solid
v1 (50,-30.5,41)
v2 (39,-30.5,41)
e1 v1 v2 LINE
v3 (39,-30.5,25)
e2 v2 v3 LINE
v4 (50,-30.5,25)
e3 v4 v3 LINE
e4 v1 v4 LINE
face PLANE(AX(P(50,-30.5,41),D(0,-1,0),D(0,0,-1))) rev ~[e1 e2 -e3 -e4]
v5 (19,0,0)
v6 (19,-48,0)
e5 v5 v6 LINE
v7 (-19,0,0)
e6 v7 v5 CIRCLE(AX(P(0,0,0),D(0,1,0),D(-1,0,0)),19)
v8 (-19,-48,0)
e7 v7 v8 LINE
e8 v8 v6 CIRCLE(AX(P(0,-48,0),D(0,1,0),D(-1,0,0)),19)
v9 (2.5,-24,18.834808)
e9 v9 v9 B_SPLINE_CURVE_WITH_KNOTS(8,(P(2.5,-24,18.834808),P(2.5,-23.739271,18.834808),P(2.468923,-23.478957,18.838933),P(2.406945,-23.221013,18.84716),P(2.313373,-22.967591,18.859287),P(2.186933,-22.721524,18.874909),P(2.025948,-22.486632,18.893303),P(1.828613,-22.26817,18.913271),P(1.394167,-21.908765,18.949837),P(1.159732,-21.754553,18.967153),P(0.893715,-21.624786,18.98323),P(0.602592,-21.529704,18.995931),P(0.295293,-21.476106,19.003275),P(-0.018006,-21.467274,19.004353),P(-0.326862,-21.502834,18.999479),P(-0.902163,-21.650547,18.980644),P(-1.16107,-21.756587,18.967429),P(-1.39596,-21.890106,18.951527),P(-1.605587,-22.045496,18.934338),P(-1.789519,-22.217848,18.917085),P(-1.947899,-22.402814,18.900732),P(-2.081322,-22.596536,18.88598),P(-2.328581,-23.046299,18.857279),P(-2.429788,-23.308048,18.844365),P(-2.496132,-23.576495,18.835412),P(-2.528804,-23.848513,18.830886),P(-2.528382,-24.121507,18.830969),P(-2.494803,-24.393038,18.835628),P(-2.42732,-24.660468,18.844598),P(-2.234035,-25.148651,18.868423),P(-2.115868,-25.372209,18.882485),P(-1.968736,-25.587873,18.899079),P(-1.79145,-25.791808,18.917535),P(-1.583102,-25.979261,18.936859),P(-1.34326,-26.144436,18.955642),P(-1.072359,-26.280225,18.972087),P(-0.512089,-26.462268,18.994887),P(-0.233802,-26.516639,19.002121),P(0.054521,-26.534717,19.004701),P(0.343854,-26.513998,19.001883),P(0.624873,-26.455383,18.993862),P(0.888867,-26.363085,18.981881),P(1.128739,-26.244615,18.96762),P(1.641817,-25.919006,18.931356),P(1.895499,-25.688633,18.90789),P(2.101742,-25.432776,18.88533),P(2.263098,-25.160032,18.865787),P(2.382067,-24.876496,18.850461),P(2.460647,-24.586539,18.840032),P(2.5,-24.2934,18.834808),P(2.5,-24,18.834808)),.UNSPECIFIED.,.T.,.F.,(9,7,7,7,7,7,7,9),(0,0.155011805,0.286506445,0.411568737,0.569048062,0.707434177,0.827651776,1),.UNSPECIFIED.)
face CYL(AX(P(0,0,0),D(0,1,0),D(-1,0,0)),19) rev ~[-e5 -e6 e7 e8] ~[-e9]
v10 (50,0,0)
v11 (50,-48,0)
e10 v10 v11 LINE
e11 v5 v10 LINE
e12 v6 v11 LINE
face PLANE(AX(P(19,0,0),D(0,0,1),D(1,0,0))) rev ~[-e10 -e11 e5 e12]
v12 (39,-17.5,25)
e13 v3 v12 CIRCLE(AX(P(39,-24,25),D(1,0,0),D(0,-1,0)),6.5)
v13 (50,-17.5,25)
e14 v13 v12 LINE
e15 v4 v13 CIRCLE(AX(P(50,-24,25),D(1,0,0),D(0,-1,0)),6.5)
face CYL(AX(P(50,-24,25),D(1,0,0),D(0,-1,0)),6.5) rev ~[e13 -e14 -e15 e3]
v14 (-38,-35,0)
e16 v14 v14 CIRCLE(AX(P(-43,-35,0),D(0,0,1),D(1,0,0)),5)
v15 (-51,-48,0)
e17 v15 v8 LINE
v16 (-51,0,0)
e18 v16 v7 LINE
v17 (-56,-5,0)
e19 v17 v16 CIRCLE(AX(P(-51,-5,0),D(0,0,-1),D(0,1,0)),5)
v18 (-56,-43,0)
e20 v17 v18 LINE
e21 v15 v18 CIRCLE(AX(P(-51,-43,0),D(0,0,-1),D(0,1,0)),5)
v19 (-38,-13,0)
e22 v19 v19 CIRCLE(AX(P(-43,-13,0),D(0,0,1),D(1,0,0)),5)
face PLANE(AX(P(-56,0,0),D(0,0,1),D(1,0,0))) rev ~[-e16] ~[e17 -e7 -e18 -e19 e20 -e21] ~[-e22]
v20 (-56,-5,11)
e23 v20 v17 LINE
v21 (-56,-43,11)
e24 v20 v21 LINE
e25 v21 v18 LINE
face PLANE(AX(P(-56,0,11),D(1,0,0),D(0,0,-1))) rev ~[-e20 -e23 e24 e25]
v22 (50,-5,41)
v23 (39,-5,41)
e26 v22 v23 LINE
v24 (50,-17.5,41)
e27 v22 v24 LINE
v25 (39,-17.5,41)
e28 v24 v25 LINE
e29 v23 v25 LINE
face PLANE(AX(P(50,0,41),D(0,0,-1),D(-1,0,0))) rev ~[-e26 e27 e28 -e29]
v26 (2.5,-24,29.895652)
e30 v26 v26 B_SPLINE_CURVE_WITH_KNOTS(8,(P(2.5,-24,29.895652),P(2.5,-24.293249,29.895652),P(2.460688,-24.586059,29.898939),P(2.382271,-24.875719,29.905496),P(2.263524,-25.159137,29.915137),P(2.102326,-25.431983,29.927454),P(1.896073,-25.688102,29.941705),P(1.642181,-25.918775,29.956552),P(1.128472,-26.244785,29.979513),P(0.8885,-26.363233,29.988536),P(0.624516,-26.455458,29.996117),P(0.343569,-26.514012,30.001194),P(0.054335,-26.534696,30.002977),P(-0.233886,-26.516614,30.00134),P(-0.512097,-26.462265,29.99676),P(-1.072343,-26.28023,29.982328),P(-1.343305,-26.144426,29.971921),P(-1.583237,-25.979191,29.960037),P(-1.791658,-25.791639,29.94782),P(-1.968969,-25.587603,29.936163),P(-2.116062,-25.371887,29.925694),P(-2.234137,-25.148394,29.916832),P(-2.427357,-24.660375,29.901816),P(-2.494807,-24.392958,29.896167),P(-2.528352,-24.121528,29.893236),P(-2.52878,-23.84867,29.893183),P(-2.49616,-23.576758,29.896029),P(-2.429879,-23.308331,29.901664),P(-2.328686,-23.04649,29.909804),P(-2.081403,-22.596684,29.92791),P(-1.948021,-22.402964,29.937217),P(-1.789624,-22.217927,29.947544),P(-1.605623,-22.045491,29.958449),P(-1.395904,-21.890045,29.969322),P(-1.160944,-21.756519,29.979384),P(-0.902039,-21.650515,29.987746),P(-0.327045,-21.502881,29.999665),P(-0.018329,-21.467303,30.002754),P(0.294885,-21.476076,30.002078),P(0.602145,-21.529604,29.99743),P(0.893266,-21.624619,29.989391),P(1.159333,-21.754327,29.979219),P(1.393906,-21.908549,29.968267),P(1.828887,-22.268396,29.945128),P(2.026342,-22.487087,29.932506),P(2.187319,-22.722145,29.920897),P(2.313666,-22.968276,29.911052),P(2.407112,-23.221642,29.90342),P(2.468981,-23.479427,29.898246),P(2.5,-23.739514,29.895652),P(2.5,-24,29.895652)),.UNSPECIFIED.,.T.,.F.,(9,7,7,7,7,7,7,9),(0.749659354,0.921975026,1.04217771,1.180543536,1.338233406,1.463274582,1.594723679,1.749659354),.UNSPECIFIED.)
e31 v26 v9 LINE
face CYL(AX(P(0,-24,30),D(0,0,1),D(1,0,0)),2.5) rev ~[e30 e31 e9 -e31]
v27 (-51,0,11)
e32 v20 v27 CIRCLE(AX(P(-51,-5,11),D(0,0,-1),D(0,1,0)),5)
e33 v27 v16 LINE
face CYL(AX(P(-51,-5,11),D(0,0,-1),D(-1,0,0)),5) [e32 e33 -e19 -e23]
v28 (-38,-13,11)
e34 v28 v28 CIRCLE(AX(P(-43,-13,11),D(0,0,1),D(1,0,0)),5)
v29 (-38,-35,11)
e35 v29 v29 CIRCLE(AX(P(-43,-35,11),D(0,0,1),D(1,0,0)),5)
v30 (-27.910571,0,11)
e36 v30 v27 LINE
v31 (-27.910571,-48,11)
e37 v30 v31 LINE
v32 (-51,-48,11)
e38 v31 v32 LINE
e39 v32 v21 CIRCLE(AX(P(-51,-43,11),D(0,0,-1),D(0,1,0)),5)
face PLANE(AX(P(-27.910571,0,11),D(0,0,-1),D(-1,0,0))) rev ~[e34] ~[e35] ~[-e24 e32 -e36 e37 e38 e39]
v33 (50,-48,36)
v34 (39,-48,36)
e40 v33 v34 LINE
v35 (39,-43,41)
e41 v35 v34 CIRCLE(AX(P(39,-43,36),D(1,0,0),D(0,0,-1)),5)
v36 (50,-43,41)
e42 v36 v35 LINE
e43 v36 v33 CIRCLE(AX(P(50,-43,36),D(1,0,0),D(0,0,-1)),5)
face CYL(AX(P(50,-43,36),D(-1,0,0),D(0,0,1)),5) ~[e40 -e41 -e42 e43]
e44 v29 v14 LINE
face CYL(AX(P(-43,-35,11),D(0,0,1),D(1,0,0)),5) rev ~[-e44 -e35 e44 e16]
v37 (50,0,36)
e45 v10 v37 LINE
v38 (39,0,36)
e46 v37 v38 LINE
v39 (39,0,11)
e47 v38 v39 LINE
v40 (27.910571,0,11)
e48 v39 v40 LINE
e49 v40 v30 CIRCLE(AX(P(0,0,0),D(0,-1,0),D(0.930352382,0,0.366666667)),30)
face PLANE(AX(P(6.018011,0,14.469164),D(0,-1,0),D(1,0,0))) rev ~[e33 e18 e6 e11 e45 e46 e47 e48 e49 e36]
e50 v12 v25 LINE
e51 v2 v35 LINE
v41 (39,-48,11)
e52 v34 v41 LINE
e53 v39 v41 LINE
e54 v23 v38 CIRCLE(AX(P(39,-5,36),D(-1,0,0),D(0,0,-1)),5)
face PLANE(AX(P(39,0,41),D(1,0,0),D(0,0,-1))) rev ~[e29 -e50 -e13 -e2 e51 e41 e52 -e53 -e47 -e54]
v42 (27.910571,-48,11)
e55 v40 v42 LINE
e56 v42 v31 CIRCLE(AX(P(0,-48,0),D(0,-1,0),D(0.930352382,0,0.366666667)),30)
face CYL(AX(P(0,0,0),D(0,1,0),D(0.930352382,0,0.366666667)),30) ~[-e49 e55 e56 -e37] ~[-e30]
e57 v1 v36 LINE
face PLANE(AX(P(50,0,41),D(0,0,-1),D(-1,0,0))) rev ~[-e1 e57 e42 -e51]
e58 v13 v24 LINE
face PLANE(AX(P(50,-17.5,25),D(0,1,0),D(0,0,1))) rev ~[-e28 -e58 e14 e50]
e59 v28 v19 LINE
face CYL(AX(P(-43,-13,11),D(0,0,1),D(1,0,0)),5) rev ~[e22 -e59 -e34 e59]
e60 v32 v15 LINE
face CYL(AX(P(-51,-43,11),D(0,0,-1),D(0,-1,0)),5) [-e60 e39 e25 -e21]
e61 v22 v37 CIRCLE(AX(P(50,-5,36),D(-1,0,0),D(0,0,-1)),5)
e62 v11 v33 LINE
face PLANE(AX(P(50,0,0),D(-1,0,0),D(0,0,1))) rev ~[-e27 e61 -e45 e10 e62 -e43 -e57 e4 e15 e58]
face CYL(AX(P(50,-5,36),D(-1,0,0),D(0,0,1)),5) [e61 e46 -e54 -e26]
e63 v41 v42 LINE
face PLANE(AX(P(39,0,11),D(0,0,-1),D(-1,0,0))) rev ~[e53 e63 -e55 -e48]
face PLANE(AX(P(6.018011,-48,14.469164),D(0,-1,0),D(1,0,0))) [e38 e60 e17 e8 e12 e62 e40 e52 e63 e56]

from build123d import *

# Parameters (mm, degrees)
F1_DEPTH  = 48
F2_R      = 5
F3_R      = 5
F5_DEPTH  = 11
F6_R      = 5
F7_R      = 5
F8_R      = 5
F9_DEPTH  = 11
F11_R     = 2.5
F12_DEPTH = 11.1661918982


with BuildPart() as f1:
    # F0 (on Front) → F1 (new body)
    with BuildSketch(Plane.XZ):
        with BuildLine():
            ThreePointArc((-19, 0), (0, 19), (19, 0))
            Line((19, 0), (30, 0))
            Line((30, 0), (50, 0))
            Line((50, 0), (50, 41))
            Line((50, 41), (39, 41))
            Line((39, 41), (39, 11))
            Line((39, 11), (27.9105714739, 11))
            ThreePointArc((27.9105714739, 11), (0, 30), (-27.9105714739, 11))
            Line((-27.9105714739, 11), (-56, 11))
            Line((-56, 11), (-56, 0))
            Line((-56, 0), (-30, 0))
            Line((-30, 0), (-19, 0))
        make_face()
    extrude(amount=F1_DEPTH)

    # F2
    f2_edges = [f1.edges().sort_by_distance(p)[0] for p in [
        (44.5, -48, 41),
    ]]
    fillet(f2_edges, radius=F2_R)

    # F3
    f3_edges = [f1.edges().sort_by_distance(p)[0] for p in [
        (44.5, 0, 41),
    ]]
    fillet(f3_edges, radius=F3_R)

    # F4 (on face) → F5 (cut, through all)
    with BuildSketch(Plane.YZ.offset(50)):
        with BuildLine():
            Line((-17.5, 25), (-17.5, 41))
            Line((-17.5, 41), (-30.5, 41))
            Line((-30.5, 41), (-30.5, 25))
            ThreePointArc((-30.5, 25), (-24, 18.5), (-17.5, 25))
        make_face()
    extrude(amount=-F5_DEPTH, mode=Mode.SUBTRACT)

    # F6
    f6_edges = [f1.edges().sort_by_distance(p)[0] for p in [
        (-56, -48, 5.5),
    ]]
    fillet(f6_edges, radius=F6_R)

    # F7
    f7_edges = [f1.edges().sort_by_distance(p)[0] for p in [
        (-56, 0, 5.5),
    ]]
    fillet(f7_edges, radius=F7_R)

    # F8 (on face) → F9 (cut, through all)
    with BuildSketch(Plane.XY.offset(11)):
        with Locations((-43, -13)):
            Circle(F8_R)
        with Locations((-43, -35)):
            Circle(F8_R)
    extrude(amount=-F9_DEPTH, mode=Mode.SUBTRACT)

    # F11 (on offset) → F12 (cut, through all)
    with BuildSketch(Plane.XY.offset(30)):
        with Locations((0, -24)):
            Circle(F11_R)
    extrude(amount=-F12_DEPTH, mode=Mode.SUBTRACT)


solid = f1.part
